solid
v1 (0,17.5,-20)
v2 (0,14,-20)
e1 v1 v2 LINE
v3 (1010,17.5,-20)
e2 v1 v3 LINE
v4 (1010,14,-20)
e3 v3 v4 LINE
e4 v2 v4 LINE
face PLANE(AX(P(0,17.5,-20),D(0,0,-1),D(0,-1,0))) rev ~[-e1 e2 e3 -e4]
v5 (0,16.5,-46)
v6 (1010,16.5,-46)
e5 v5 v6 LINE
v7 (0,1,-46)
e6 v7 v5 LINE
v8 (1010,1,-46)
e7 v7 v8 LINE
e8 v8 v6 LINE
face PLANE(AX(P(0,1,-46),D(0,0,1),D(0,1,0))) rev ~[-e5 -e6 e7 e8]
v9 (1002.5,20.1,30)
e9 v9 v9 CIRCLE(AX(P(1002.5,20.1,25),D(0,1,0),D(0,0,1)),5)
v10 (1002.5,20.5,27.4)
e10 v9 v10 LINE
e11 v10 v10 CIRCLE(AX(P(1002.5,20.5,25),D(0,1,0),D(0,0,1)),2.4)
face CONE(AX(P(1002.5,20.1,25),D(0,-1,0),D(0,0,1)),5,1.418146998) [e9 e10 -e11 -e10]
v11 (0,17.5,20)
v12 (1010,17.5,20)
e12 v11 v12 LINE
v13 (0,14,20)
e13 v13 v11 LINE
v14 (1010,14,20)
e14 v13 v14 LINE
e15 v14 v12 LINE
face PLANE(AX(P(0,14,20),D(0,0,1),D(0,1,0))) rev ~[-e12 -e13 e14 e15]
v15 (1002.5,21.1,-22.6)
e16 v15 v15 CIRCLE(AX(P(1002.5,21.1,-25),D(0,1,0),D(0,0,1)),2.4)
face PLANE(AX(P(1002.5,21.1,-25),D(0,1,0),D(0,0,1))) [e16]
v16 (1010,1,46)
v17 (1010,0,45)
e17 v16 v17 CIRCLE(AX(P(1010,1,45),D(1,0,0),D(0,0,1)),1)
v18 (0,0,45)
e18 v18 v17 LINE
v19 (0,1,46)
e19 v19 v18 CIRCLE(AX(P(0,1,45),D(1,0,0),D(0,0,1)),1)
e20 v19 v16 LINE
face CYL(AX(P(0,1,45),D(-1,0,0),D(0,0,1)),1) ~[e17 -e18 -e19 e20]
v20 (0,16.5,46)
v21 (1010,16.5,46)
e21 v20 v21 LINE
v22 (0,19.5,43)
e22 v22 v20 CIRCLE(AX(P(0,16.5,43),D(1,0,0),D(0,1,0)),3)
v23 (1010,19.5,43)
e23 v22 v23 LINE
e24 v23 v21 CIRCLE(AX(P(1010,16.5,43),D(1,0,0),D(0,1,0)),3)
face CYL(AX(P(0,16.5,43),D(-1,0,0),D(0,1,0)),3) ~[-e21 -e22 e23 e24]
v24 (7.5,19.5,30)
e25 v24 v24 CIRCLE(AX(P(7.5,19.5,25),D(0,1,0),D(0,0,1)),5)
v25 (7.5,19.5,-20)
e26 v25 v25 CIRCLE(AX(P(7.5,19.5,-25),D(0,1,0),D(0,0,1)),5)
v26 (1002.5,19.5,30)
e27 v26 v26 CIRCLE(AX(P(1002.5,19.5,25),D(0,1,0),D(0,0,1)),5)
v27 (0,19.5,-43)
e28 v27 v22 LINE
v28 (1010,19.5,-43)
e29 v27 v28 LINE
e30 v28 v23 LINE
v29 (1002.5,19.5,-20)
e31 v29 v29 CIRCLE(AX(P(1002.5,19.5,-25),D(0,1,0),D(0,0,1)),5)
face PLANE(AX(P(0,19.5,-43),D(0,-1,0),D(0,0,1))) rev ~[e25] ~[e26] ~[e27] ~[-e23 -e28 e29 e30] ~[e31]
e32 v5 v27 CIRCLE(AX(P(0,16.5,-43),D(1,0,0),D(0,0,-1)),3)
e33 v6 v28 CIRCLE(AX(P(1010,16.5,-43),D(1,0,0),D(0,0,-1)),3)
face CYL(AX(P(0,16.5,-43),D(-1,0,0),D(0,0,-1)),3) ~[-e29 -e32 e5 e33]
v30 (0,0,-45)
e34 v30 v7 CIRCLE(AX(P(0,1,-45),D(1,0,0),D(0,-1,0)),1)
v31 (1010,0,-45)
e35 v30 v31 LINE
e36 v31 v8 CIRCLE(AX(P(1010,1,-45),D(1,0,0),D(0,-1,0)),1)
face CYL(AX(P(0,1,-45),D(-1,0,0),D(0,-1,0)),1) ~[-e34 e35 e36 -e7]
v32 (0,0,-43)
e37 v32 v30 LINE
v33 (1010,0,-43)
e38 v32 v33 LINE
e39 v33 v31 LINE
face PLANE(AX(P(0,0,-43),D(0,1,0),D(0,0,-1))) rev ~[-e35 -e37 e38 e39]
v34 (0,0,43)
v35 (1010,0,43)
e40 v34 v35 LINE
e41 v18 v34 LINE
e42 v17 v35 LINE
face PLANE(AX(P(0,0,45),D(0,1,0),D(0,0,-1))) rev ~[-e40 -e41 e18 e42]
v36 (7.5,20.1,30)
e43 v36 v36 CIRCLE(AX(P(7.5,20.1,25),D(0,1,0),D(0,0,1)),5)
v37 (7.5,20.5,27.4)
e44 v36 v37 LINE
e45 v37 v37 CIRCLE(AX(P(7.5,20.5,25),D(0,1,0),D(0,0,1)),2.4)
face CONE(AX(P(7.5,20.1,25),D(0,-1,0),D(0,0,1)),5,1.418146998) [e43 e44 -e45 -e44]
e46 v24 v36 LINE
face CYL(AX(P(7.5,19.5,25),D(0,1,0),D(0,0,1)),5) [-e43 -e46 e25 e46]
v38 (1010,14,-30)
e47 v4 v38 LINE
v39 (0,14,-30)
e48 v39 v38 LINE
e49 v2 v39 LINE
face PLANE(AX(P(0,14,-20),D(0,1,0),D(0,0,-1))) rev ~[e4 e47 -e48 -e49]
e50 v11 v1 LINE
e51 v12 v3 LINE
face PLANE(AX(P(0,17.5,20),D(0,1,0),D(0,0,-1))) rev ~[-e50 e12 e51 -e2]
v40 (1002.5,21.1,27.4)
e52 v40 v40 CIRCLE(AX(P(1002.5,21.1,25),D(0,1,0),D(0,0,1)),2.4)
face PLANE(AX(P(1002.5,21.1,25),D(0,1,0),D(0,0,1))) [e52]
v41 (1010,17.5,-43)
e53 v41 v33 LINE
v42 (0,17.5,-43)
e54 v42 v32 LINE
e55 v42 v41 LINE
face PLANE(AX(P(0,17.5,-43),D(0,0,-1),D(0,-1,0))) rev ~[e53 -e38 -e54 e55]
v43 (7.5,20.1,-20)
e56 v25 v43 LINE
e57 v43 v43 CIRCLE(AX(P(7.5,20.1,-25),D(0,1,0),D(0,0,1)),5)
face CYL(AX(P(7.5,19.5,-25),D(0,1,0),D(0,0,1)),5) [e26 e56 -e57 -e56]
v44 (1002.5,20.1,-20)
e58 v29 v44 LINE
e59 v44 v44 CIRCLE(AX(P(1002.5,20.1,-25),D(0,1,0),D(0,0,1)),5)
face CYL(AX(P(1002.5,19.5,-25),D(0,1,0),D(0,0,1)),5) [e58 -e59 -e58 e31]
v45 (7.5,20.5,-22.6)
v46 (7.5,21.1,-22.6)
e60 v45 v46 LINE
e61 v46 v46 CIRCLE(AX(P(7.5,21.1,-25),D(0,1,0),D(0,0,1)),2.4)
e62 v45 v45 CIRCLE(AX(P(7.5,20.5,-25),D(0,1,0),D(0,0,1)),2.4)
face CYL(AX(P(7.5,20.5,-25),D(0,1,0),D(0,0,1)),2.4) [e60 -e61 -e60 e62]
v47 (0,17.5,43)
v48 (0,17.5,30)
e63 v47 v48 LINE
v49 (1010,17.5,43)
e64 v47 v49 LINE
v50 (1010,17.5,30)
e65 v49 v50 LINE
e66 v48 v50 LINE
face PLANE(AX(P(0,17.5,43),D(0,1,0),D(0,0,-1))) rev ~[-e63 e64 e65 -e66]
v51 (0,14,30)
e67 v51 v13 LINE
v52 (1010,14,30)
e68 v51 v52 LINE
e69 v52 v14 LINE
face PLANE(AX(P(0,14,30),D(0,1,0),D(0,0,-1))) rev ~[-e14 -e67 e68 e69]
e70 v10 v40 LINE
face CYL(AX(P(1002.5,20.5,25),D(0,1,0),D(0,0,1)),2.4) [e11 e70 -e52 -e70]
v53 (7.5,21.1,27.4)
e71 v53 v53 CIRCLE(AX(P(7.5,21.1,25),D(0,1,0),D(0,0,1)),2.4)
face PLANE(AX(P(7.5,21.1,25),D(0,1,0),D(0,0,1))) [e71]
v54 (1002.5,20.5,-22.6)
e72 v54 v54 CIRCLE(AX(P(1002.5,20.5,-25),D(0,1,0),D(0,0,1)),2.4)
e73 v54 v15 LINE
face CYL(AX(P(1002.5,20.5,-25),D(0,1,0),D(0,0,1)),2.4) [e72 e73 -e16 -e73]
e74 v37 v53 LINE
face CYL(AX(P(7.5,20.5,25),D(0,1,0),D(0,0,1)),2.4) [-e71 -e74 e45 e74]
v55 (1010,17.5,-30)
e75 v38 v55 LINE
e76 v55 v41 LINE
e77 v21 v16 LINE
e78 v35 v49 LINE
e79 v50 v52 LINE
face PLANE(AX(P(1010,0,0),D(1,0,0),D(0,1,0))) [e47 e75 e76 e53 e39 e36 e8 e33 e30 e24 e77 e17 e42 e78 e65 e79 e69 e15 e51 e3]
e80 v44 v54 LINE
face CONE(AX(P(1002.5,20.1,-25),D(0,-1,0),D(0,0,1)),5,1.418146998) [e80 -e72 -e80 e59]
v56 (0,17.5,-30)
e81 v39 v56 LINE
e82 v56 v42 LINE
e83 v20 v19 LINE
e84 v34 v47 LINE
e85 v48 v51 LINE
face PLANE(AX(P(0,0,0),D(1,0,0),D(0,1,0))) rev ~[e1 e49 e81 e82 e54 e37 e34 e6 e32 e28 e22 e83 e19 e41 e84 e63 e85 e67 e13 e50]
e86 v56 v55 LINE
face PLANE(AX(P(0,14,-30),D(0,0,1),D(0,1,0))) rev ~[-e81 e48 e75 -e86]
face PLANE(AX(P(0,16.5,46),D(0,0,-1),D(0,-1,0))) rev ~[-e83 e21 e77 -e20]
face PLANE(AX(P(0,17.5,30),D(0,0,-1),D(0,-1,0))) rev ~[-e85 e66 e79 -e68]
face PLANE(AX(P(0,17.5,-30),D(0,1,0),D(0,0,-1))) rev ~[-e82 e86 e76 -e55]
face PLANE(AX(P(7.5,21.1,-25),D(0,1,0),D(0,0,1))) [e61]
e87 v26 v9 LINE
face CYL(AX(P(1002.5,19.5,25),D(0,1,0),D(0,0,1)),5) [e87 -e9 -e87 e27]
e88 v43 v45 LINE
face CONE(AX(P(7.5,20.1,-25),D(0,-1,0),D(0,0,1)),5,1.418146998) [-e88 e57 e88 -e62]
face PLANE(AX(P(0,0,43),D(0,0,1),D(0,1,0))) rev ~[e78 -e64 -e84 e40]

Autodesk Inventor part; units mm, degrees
sketch "Sketch_1" plane through (0, 0, 0) normal (1, 0, 0) x (0, 1, 0)
  line L0 (16.5, 46) -> (1, 46)
  arc A0 (1, 46) -> (0, 45) centre (1, 45) ccw
  line L1 (0, 45) -> (0, 43)
  line L2 (0, 43) -> (17.5, 43)
  line L3 (17.5, 43) -> (17.5, 30)
  line L4 (17.5, 30) -> (14, 30)
  line L5 (14, 30) -> (14, 20)
  line L6 (14, 20) -> (17.5, 20)
  line L7 (17.5, 20) -> (17.5, -20)
  line L8 (17.5, -20) -> (14, -20)
  line L9 (14, -20) -> (14, -30)
  line L10 (14, -30) -> (17.5, -30)
  line L11 (17.5, -30) -> (17.5, -43)
  line L12 (17.5, -43) -> (0, -43)
  line L13 (0, -43) -> (0, -45)
  arc A1 (0, -45) -> (1, -46) centre (1, -45) ccw
  line L14 (1, -46) -> (16.5, -46)
  arc A2 (16.5, -46) -> (19.5, -43) centre (16.5, -43) ccw
  line L15 (19.5, -43) -> (19.5, 43)
  arc A3 (19.5, 43) -> (16.5, 46) centre (16.5, 43) ccw
extrude "Extrusion1" add sketch "Sketch_1" along normal blind 1010
sketch "Sketch_3" plane through (7.5, 0, 0) normal (1, 0, 0) x (0, 0, -1)
  line L0 (-25, 21.1) -> (-25, 19.5)
  line L1 (-25, 19.5) -> (-30, 19.5)
  line L2 (-30, 19.5) -> (-30, 20.1)
  line L3 (-30, 20.1) -> (-27.4, 20.5)
  line L4 (-27.4, 20.5) -> (-27.4, 21.1)
  line L5 (-27.4, 21.1) -> (-25, 21.1)
  line L6 (-25, 21.1) -> (-25, 19.5)
revolve "Revolution1" add sketch "Sketch_3" angle 360 about axis through (7.5, 21.1, 25) along (0, 1, 0)
pattern_linear "Rectangular Pattern1" count 2 spacing 995 along (1, 0, 0) count 2 spacing 50 along (0, 0, -1) of "Revolution1"
ref_plane "pc_body_XY" through (7.5, 14, 0) normal (1, 0, 0) x (0, 0, -1)
ref_plane "pc_body_YZ" through (7.5, 14, 0) normal (0, 0, -1) x (0, 1, 0)
ref_plane "pc_body_ZX" through (7.5, 14, 0) normal (0, 1, 0) x (1, 0, 0)
properties part number "KR55-980-Protected Cover"
